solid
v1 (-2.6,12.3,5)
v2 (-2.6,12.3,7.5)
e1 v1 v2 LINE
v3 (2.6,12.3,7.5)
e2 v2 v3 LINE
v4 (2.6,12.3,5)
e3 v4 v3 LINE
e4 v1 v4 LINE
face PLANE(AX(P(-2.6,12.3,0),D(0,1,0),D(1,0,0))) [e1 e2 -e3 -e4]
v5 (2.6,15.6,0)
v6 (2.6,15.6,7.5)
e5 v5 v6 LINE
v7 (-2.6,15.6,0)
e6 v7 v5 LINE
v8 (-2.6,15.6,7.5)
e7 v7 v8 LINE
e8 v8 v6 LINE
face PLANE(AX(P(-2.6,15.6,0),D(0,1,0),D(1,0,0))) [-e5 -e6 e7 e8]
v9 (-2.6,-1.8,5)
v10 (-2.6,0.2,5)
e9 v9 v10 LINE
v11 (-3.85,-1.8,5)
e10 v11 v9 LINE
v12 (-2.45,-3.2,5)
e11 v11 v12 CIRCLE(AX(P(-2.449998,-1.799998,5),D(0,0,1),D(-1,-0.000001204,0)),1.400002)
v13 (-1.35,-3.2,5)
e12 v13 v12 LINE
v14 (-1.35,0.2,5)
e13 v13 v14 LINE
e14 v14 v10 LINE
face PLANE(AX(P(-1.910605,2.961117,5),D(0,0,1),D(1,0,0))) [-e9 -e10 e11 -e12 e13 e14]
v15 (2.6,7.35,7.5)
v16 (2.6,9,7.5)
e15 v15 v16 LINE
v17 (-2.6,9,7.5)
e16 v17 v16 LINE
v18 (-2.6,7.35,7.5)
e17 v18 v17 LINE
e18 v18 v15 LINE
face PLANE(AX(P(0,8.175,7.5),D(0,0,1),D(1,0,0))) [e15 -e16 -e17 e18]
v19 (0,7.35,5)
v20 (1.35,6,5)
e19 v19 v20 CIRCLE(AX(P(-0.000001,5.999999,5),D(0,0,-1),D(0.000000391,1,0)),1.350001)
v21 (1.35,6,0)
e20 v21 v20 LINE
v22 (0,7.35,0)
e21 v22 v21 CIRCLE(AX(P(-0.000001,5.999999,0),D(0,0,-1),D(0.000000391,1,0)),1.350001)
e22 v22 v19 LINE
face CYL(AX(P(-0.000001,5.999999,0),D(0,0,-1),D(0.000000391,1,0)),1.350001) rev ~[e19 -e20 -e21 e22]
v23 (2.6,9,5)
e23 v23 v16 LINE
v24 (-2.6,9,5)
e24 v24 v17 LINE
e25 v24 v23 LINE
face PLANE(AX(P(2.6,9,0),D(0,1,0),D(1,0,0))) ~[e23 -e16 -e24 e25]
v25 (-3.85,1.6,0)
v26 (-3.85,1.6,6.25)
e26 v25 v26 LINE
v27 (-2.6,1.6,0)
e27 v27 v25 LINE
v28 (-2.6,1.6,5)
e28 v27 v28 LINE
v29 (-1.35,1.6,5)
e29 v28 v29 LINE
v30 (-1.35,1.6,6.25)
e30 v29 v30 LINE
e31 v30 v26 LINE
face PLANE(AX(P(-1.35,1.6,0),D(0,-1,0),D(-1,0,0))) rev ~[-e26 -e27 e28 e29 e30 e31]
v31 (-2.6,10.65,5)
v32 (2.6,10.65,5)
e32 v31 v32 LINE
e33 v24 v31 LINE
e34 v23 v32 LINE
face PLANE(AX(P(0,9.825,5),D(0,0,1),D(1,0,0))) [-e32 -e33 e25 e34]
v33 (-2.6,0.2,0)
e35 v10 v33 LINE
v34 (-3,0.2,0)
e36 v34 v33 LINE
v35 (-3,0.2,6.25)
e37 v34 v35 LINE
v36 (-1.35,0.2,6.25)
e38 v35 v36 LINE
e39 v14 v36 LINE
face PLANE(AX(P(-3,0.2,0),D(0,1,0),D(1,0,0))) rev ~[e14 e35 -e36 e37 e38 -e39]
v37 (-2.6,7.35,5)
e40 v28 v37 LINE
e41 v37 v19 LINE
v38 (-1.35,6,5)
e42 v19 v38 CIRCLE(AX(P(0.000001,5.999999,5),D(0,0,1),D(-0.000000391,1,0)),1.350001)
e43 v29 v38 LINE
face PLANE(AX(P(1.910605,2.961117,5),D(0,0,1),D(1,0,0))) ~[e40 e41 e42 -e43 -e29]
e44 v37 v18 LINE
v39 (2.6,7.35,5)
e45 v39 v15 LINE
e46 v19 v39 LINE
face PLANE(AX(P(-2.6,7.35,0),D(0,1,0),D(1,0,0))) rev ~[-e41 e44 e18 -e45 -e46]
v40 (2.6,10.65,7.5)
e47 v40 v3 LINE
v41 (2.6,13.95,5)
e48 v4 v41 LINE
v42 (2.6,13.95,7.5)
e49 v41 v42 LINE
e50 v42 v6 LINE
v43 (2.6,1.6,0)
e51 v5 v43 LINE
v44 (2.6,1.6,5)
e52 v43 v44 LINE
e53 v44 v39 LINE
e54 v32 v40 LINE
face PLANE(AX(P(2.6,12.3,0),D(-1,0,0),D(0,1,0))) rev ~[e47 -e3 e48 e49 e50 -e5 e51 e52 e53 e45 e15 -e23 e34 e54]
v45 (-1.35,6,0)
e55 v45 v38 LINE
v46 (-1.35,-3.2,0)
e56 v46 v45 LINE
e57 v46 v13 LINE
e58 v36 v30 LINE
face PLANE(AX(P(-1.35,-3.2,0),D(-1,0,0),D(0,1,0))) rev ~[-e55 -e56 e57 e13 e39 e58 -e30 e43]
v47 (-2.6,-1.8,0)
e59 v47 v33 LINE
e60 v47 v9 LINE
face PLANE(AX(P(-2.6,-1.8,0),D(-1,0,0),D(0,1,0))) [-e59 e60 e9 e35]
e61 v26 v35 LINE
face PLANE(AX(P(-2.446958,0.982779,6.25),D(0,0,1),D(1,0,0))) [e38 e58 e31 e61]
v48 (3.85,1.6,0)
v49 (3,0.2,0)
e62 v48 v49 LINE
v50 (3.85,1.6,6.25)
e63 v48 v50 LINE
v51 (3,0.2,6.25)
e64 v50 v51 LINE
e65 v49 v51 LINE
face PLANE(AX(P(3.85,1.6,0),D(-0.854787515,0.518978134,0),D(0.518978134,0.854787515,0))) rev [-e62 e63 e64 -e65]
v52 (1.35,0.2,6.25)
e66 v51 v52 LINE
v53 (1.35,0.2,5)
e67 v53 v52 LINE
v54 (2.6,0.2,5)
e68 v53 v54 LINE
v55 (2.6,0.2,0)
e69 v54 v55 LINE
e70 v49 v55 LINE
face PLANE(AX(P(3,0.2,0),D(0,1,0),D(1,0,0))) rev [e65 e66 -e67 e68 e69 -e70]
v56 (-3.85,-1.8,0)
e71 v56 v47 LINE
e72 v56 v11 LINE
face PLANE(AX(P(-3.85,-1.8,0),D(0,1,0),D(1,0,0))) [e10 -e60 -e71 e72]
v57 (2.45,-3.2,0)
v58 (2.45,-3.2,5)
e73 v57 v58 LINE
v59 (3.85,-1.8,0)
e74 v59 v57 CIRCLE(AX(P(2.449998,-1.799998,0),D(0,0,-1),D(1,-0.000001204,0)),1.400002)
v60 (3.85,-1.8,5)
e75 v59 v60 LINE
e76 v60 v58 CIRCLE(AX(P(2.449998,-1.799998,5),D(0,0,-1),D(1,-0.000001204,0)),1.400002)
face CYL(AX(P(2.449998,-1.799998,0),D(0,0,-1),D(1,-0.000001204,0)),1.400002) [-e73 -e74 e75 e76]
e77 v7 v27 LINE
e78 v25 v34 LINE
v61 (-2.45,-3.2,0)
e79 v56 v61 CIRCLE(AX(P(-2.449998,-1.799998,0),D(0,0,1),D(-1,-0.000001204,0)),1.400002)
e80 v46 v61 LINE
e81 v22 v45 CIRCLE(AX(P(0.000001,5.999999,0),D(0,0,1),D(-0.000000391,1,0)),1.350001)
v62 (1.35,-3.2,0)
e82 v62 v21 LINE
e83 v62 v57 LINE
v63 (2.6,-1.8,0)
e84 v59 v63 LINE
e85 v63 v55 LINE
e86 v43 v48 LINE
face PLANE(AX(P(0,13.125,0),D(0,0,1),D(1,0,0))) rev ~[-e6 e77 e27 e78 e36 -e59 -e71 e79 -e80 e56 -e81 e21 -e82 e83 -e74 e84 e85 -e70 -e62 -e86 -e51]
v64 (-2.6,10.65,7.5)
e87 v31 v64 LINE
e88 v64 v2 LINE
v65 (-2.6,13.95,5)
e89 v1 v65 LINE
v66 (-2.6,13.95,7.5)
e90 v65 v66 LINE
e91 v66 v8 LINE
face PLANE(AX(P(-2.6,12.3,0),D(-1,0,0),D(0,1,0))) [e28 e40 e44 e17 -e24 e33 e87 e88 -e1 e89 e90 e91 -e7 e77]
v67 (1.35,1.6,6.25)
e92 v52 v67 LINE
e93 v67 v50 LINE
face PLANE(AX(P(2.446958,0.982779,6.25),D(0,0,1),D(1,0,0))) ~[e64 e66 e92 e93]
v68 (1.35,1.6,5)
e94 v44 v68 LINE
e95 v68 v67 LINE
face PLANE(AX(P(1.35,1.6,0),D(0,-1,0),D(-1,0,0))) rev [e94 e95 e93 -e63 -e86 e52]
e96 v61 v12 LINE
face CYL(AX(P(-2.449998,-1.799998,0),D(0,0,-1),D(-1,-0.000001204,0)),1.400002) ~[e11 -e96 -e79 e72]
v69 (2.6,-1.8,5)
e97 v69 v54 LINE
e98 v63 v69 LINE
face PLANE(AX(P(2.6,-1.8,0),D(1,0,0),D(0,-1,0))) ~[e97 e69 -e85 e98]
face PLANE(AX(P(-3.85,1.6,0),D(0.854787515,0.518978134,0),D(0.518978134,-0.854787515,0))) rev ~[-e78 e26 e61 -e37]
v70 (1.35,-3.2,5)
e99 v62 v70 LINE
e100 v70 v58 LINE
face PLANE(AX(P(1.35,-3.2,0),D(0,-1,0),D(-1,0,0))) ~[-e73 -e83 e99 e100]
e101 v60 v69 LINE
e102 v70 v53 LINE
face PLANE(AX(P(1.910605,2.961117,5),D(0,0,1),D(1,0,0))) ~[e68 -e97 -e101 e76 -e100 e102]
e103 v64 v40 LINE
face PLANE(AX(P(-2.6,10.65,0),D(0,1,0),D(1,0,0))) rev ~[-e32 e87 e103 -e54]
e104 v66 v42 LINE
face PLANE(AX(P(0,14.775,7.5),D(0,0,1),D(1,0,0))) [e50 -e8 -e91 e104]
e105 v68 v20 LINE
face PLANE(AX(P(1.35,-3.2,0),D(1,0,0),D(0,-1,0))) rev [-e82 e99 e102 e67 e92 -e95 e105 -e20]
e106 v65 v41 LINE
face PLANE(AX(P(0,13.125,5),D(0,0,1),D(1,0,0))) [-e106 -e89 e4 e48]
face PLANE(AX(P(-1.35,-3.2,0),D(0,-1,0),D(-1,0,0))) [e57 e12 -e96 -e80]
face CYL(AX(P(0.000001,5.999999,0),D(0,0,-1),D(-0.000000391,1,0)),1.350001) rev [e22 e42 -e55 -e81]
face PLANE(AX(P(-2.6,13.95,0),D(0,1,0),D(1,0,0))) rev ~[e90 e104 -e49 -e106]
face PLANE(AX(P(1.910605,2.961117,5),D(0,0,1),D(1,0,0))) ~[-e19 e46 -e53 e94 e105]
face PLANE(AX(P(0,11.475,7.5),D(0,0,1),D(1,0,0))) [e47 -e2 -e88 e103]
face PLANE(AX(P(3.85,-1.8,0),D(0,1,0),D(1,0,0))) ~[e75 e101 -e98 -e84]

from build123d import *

# Parameters (mm, degrees)
PAD017_DEPTH           = 5
PAD020_DEPTH           = 6.25
SKETCH118_W            = 5.2
SKETCH118_H            = 1.65
PAD087_DEPTH           = 7.5
SKETCH116_W            = 5.2
SKETCH116_H            = 1.65
PAD088_DEPTH           = 5
SKETCH117_W            = 5.2
SKETCH117_H            = 1.65
PAD089_DEPTH           = 7.5
LINEARPATTERN028_COUNT = 2
LINEARPATTERN028_PITCH = 3.3


with BuildPart() as bc_c:
    # Sketch034 → Pad017 (new body)
    with BuildSketch(Plane.XY):
        with BuildLine():
            Line((-1.35, -1.8), (-1.35, 6))
            ThreePointArc((0, 7.35), (-0.954594, 6.954594), (-1.35, 6))
            Line((0, 9), (0, 7.35))
            Line((-2.6, 9), (0, 9))
            Line((-2.6, -1.8), (-2.6, 9))
            Line((-3.85, -1.8), (-2.6, -1.8))
            ThreePointArc((-3.85, -1.8), (-3.439949, -2.789949), (-2.45, -3.2))
            Line((-1.35, -3.2), (-2.45, -3.2))
            Line((-1.35, -1.8), (-1.35, -3.2))
        make_face()
    extrude(amount=PAD017_DEPTH)

    # Sketch037 → Pad020 (join)
    with BuildSketch(Plane.XY):
        Polygon((-1.35, 0.2), (-1.35, 1.6), (-2.6, 1.6), (-3.85, 1.6), (-3, 0.2), (-2.6, 0.2), align=None)
    extrude(amount=PAD020_DEPTH)


with BuildPart() as bc_s_mirrored:
    # Mirror001: instance of _bc_c
    add(bc_c.part.mirror(Plane(origin=(0, 0, 0), x_dir=(0, 1, 0), z_dir=(-1, 0, 0))))


with BuildPart() as body044:
    # Fusion001 base: copy of _bc_c
    add(bc_c.part)

    # Fusion001: union _bc_s(mirrored)
    add(bc_s_mirrored.part)

    # Sketch118 → Pad087 (new body)
    with BuildSketch(Plane.XY):
        with Locations((0, 8.175)):
            Rectangle(SKETCH118_W, SKETCH118_H)
    extrude(amount=PAD087_DEPTH)

    # Sketch116 → Pad088 (join)
    with BuildSketch(Plane.XY):
        with Locations((0, 9.825)):
            Rectangle(SKETCH116_W, SKETCH116_H)
    pad088 = extrude(amount=PAD088_DEPTH)

    # Sketch117 → Pad089 (join)
    with BuildSketch(Plane.XY):
        with Locations((0, 11.475)):
            Rectangle(SKETCH117_W, SKETCH117_H)
    pad089 = extrude(amount=PAD089_DEPTH)

    # LinearPattern028: Pad089, Pad088 ×2
    with Locations(*[(0, i * LINEARPATTERN028_PITCH, 0) for i in range(1, LINEARPATTERN028_COUNT)]):
        add(pad089)
        add(pad088)


solid = body044.part
